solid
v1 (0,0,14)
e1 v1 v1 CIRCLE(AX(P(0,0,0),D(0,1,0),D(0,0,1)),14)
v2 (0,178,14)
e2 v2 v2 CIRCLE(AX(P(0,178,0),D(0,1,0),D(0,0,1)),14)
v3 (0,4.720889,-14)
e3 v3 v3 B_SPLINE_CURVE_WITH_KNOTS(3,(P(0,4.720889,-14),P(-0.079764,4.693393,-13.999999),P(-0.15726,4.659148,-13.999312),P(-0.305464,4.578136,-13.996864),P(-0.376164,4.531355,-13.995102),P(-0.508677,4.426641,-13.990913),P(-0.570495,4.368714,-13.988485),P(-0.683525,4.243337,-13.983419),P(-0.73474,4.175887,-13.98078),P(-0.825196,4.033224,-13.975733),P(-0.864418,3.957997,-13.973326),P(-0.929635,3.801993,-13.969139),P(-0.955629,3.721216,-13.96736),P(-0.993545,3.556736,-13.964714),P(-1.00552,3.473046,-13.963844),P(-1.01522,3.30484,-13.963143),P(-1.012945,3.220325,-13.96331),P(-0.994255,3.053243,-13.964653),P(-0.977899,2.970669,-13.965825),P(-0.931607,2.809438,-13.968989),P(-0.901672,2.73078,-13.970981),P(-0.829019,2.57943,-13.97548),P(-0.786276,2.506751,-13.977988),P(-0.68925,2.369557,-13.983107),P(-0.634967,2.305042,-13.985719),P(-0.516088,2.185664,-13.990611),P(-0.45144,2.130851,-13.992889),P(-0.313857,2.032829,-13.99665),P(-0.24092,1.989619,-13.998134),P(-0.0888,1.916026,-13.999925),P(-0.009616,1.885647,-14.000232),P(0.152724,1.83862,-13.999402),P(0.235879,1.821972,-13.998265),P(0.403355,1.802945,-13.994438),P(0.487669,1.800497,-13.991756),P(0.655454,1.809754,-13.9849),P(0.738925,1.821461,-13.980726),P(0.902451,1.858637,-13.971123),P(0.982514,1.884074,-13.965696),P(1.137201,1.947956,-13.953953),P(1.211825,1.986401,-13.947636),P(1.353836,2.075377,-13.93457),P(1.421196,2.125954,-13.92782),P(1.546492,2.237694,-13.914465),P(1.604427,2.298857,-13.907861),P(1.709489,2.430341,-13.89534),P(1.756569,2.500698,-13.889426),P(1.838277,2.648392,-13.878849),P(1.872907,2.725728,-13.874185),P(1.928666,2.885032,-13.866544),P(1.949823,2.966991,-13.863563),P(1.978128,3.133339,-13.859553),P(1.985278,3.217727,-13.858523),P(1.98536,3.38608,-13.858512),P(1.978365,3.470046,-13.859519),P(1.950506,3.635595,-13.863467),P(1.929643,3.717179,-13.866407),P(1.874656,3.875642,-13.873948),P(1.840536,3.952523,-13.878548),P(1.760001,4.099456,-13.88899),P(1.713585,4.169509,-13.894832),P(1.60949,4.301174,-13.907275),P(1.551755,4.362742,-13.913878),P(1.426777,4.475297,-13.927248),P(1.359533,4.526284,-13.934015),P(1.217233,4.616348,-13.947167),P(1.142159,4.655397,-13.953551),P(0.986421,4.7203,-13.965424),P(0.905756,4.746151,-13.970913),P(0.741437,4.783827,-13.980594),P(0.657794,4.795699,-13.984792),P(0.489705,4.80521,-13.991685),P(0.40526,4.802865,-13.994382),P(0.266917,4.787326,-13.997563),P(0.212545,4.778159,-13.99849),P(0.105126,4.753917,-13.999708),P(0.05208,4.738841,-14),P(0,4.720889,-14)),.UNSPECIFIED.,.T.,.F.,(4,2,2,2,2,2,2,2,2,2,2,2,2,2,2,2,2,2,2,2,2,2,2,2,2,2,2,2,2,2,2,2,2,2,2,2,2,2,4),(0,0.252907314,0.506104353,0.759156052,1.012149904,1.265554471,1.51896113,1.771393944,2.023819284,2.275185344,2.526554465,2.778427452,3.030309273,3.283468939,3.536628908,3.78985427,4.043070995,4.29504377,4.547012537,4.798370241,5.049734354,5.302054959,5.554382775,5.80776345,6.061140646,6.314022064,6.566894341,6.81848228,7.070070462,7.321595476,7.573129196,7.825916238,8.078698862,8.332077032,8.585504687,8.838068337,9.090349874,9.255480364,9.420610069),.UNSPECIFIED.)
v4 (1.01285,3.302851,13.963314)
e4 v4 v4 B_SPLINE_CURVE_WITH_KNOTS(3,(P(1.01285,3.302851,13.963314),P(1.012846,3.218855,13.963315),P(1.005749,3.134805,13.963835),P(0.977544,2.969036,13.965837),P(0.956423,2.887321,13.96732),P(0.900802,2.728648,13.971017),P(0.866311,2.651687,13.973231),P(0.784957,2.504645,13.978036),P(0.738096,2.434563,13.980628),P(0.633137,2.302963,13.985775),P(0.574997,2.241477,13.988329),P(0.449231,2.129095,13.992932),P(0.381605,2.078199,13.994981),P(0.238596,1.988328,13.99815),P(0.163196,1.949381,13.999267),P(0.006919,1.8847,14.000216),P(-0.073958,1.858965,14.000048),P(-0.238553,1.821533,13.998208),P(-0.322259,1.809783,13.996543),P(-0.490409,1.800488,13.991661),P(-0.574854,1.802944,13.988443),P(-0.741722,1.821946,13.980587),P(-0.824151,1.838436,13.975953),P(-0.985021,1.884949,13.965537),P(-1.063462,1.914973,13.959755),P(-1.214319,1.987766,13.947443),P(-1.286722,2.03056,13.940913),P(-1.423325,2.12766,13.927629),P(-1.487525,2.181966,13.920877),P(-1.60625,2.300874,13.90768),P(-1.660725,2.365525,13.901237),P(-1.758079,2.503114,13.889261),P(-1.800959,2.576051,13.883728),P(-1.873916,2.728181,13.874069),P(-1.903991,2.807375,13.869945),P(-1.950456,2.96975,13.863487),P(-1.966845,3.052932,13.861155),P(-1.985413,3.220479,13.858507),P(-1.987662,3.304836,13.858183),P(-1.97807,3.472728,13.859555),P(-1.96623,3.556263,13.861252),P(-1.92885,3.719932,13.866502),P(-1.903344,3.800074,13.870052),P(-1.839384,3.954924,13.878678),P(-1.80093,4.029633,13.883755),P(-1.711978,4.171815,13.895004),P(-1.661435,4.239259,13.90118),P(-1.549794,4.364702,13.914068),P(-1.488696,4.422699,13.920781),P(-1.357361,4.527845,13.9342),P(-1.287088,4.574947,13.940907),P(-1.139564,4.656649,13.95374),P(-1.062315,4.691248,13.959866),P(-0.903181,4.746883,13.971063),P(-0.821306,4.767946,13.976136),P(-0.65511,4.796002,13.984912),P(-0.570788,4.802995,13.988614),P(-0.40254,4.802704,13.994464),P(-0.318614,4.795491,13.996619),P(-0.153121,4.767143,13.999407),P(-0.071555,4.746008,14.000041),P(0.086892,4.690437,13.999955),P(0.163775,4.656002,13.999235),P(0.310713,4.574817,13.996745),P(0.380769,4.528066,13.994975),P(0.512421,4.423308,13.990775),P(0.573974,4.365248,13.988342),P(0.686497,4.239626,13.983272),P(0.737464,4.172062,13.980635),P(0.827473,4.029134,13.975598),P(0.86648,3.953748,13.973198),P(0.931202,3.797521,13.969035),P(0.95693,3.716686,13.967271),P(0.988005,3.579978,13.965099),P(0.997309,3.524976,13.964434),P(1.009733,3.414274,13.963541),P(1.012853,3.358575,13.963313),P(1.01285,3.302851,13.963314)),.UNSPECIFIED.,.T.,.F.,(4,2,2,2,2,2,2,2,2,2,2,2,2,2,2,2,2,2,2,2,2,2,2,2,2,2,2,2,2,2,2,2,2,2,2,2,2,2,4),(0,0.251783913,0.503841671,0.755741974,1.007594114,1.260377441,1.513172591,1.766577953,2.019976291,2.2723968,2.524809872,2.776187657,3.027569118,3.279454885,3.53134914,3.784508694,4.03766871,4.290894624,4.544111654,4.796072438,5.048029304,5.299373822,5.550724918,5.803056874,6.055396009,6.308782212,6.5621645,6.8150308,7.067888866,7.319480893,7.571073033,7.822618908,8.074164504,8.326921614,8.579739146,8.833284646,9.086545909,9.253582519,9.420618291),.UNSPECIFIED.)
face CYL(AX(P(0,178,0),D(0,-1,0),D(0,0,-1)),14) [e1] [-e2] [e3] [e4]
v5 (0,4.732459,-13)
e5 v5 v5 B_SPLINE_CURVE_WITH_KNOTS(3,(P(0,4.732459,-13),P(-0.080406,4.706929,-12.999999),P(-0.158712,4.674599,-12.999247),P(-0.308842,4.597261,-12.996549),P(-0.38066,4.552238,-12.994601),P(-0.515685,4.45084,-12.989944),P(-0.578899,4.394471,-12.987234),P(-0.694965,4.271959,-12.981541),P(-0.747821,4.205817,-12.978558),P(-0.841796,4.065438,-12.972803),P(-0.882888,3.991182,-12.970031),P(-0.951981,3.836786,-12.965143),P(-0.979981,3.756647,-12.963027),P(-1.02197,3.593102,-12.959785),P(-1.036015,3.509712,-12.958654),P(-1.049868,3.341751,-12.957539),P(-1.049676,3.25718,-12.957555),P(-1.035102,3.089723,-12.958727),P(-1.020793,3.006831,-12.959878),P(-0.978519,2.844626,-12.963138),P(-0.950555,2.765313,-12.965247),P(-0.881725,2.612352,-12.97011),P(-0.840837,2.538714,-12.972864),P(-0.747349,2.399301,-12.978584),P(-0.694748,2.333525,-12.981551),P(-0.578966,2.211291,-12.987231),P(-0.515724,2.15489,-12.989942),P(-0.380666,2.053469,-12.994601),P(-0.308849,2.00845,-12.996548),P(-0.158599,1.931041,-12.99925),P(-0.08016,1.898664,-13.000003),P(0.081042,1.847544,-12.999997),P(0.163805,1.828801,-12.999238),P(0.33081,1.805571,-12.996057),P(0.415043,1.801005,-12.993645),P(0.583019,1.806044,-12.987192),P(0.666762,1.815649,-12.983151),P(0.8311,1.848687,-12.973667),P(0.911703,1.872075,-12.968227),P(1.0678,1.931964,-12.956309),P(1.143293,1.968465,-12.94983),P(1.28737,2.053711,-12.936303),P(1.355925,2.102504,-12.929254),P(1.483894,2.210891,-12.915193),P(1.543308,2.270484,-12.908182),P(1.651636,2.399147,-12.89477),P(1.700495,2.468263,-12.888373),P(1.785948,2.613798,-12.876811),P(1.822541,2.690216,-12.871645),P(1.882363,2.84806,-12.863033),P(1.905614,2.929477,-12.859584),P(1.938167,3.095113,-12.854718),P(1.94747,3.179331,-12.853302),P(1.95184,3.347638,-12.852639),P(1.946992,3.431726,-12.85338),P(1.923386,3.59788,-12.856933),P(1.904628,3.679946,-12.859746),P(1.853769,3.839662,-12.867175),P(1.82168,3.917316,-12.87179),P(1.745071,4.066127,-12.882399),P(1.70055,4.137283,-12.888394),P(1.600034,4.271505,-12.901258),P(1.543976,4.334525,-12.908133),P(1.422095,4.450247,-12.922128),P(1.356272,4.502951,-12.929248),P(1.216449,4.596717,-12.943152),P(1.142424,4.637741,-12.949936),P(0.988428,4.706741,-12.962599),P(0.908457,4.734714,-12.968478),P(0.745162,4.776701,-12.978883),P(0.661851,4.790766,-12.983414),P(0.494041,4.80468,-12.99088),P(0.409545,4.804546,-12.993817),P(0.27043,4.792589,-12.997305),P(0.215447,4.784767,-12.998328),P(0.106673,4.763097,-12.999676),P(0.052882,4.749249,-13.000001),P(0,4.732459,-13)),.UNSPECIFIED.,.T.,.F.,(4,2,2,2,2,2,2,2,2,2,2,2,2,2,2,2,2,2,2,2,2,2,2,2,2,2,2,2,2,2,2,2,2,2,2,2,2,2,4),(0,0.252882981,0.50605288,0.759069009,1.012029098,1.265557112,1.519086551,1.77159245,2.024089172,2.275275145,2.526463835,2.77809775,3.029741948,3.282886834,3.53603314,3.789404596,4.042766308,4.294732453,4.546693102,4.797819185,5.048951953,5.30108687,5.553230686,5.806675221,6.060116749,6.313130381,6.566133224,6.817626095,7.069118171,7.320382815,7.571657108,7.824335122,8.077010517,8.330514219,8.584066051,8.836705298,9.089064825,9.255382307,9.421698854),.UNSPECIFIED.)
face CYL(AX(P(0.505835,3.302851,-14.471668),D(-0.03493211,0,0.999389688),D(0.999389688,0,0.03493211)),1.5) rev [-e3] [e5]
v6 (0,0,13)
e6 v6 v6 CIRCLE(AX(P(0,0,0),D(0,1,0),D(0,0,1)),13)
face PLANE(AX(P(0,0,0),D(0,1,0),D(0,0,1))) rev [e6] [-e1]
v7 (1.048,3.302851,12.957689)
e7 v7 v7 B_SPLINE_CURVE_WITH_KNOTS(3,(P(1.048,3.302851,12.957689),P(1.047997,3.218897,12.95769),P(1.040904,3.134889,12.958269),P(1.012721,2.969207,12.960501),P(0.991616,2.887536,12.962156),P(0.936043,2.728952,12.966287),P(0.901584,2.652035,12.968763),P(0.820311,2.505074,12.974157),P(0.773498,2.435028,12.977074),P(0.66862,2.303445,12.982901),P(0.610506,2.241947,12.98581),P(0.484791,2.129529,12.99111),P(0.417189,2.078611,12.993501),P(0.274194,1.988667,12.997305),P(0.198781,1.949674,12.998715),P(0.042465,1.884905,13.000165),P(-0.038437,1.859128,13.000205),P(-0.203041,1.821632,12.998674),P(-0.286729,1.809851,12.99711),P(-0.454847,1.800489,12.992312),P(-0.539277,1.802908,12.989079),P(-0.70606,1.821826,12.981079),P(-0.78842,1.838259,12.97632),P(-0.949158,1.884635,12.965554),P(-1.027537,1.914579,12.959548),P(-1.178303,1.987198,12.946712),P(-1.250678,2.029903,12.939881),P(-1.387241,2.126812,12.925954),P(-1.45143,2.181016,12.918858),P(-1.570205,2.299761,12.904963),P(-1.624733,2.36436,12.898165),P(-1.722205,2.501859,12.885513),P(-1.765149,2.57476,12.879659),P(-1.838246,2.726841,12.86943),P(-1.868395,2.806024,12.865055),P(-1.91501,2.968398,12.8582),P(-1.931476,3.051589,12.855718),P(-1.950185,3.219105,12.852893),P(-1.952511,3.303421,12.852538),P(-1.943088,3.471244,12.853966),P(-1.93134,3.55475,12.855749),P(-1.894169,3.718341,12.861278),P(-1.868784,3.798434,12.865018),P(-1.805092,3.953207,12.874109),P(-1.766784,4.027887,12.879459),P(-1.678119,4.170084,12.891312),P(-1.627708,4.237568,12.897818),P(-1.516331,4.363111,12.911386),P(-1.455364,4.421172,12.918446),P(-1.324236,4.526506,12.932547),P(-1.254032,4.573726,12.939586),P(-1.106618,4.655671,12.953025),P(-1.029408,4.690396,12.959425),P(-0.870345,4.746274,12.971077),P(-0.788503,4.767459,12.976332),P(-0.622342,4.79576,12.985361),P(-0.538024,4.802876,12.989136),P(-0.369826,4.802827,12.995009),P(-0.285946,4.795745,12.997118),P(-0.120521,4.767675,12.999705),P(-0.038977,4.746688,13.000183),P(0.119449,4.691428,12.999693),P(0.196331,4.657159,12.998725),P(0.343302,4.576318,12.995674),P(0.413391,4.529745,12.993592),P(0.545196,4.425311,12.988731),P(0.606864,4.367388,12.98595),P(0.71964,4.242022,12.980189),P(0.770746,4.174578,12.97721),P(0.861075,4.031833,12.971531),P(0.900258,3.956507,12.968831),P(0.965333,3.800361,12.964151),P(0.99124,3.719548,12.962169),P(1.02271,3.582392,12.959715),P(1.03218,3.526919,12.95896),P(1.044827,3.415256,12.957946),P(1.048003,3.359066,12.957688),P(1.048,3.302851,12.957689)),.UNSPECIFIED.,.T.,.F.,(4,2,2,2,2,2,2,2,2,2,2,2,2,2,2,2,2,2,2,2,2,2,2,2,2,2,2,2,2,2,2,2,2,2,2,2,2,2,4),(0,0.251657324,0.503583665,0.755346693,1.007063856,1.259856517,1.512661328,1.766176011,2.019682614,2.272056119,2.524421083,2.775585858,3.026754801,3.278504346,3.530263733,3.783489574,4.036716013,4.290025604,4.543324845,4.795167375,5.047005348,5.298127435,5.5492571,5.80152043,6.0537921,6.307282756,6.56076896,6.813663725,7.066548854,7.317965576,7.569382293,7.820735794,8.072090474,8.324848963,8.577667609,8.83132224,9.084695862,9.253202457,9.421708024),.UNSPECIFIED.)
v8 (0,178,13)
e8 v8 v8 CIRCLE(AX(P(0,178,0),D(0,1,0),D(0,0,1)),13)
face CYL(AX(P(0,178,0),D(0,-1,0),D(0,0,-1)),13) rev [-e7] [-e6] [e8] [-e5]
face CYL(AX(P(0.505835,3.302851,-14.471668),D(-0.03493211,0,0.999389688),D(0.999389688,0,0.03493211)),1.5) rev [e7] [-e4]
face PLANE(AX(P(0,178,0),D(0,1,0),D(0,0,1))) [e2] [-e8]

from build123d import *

# Parameters (mm, degrees)
SKETCH_1_R               = 14
SKETCH_1_R_2             = 13
EXTRUDE_1_DEPTH          = 178
CUT_EXTRUDE_1_DEPTH      = 182.353433054
CUT_EXTRUDE_1_DEPTH_BACK = 182.353433054
SKETCH_2_R               = 1.5


with BuildPart() as part:
    # 草图1 → 凸台-拉伸1 (new body)
    with BuildSketch(Plane(origin=(0, 0, 0), x_dir=(1, 0, 0), z_dir=(0, 1, 0))):
        with Locations(Location((0, 0, 0), (0, 0, 270))):
            Circle(SKETCH_1_R)
        with Locations(Location((0, 0, 0), (0, 0, 270))):
            Circle(SKETCH_1_R_2, mode=Mode.SUBTRACT)
    extrude(amount=EXTRUDE_1_DEPTH)

    # 草图2 → 切除-拉伸1 (cut, two sides: drawn at the far end of the back side and taken through both)
    with BuildSketch(Plane(origin=(-0.611311919, 0, 17.489319533), x_dir=(0.9993896876177671, 0, 0.034932109630852956), z_dir=(-0.034932109630852956, 0, 0.9993896876177673)).offset(-CUT_EXTRUDE_1_DEPTH_BACK)):
        with Locations((0, 3.302851194)):
            Circle(SKETCH_2_R)
    extrude(amount=CUT_EXTRUDE_1_DEPTH + CUT_EXTRUDE_1_DEPTH_BACK, mode=Mode.SUBTRACT)


solid = part.part
